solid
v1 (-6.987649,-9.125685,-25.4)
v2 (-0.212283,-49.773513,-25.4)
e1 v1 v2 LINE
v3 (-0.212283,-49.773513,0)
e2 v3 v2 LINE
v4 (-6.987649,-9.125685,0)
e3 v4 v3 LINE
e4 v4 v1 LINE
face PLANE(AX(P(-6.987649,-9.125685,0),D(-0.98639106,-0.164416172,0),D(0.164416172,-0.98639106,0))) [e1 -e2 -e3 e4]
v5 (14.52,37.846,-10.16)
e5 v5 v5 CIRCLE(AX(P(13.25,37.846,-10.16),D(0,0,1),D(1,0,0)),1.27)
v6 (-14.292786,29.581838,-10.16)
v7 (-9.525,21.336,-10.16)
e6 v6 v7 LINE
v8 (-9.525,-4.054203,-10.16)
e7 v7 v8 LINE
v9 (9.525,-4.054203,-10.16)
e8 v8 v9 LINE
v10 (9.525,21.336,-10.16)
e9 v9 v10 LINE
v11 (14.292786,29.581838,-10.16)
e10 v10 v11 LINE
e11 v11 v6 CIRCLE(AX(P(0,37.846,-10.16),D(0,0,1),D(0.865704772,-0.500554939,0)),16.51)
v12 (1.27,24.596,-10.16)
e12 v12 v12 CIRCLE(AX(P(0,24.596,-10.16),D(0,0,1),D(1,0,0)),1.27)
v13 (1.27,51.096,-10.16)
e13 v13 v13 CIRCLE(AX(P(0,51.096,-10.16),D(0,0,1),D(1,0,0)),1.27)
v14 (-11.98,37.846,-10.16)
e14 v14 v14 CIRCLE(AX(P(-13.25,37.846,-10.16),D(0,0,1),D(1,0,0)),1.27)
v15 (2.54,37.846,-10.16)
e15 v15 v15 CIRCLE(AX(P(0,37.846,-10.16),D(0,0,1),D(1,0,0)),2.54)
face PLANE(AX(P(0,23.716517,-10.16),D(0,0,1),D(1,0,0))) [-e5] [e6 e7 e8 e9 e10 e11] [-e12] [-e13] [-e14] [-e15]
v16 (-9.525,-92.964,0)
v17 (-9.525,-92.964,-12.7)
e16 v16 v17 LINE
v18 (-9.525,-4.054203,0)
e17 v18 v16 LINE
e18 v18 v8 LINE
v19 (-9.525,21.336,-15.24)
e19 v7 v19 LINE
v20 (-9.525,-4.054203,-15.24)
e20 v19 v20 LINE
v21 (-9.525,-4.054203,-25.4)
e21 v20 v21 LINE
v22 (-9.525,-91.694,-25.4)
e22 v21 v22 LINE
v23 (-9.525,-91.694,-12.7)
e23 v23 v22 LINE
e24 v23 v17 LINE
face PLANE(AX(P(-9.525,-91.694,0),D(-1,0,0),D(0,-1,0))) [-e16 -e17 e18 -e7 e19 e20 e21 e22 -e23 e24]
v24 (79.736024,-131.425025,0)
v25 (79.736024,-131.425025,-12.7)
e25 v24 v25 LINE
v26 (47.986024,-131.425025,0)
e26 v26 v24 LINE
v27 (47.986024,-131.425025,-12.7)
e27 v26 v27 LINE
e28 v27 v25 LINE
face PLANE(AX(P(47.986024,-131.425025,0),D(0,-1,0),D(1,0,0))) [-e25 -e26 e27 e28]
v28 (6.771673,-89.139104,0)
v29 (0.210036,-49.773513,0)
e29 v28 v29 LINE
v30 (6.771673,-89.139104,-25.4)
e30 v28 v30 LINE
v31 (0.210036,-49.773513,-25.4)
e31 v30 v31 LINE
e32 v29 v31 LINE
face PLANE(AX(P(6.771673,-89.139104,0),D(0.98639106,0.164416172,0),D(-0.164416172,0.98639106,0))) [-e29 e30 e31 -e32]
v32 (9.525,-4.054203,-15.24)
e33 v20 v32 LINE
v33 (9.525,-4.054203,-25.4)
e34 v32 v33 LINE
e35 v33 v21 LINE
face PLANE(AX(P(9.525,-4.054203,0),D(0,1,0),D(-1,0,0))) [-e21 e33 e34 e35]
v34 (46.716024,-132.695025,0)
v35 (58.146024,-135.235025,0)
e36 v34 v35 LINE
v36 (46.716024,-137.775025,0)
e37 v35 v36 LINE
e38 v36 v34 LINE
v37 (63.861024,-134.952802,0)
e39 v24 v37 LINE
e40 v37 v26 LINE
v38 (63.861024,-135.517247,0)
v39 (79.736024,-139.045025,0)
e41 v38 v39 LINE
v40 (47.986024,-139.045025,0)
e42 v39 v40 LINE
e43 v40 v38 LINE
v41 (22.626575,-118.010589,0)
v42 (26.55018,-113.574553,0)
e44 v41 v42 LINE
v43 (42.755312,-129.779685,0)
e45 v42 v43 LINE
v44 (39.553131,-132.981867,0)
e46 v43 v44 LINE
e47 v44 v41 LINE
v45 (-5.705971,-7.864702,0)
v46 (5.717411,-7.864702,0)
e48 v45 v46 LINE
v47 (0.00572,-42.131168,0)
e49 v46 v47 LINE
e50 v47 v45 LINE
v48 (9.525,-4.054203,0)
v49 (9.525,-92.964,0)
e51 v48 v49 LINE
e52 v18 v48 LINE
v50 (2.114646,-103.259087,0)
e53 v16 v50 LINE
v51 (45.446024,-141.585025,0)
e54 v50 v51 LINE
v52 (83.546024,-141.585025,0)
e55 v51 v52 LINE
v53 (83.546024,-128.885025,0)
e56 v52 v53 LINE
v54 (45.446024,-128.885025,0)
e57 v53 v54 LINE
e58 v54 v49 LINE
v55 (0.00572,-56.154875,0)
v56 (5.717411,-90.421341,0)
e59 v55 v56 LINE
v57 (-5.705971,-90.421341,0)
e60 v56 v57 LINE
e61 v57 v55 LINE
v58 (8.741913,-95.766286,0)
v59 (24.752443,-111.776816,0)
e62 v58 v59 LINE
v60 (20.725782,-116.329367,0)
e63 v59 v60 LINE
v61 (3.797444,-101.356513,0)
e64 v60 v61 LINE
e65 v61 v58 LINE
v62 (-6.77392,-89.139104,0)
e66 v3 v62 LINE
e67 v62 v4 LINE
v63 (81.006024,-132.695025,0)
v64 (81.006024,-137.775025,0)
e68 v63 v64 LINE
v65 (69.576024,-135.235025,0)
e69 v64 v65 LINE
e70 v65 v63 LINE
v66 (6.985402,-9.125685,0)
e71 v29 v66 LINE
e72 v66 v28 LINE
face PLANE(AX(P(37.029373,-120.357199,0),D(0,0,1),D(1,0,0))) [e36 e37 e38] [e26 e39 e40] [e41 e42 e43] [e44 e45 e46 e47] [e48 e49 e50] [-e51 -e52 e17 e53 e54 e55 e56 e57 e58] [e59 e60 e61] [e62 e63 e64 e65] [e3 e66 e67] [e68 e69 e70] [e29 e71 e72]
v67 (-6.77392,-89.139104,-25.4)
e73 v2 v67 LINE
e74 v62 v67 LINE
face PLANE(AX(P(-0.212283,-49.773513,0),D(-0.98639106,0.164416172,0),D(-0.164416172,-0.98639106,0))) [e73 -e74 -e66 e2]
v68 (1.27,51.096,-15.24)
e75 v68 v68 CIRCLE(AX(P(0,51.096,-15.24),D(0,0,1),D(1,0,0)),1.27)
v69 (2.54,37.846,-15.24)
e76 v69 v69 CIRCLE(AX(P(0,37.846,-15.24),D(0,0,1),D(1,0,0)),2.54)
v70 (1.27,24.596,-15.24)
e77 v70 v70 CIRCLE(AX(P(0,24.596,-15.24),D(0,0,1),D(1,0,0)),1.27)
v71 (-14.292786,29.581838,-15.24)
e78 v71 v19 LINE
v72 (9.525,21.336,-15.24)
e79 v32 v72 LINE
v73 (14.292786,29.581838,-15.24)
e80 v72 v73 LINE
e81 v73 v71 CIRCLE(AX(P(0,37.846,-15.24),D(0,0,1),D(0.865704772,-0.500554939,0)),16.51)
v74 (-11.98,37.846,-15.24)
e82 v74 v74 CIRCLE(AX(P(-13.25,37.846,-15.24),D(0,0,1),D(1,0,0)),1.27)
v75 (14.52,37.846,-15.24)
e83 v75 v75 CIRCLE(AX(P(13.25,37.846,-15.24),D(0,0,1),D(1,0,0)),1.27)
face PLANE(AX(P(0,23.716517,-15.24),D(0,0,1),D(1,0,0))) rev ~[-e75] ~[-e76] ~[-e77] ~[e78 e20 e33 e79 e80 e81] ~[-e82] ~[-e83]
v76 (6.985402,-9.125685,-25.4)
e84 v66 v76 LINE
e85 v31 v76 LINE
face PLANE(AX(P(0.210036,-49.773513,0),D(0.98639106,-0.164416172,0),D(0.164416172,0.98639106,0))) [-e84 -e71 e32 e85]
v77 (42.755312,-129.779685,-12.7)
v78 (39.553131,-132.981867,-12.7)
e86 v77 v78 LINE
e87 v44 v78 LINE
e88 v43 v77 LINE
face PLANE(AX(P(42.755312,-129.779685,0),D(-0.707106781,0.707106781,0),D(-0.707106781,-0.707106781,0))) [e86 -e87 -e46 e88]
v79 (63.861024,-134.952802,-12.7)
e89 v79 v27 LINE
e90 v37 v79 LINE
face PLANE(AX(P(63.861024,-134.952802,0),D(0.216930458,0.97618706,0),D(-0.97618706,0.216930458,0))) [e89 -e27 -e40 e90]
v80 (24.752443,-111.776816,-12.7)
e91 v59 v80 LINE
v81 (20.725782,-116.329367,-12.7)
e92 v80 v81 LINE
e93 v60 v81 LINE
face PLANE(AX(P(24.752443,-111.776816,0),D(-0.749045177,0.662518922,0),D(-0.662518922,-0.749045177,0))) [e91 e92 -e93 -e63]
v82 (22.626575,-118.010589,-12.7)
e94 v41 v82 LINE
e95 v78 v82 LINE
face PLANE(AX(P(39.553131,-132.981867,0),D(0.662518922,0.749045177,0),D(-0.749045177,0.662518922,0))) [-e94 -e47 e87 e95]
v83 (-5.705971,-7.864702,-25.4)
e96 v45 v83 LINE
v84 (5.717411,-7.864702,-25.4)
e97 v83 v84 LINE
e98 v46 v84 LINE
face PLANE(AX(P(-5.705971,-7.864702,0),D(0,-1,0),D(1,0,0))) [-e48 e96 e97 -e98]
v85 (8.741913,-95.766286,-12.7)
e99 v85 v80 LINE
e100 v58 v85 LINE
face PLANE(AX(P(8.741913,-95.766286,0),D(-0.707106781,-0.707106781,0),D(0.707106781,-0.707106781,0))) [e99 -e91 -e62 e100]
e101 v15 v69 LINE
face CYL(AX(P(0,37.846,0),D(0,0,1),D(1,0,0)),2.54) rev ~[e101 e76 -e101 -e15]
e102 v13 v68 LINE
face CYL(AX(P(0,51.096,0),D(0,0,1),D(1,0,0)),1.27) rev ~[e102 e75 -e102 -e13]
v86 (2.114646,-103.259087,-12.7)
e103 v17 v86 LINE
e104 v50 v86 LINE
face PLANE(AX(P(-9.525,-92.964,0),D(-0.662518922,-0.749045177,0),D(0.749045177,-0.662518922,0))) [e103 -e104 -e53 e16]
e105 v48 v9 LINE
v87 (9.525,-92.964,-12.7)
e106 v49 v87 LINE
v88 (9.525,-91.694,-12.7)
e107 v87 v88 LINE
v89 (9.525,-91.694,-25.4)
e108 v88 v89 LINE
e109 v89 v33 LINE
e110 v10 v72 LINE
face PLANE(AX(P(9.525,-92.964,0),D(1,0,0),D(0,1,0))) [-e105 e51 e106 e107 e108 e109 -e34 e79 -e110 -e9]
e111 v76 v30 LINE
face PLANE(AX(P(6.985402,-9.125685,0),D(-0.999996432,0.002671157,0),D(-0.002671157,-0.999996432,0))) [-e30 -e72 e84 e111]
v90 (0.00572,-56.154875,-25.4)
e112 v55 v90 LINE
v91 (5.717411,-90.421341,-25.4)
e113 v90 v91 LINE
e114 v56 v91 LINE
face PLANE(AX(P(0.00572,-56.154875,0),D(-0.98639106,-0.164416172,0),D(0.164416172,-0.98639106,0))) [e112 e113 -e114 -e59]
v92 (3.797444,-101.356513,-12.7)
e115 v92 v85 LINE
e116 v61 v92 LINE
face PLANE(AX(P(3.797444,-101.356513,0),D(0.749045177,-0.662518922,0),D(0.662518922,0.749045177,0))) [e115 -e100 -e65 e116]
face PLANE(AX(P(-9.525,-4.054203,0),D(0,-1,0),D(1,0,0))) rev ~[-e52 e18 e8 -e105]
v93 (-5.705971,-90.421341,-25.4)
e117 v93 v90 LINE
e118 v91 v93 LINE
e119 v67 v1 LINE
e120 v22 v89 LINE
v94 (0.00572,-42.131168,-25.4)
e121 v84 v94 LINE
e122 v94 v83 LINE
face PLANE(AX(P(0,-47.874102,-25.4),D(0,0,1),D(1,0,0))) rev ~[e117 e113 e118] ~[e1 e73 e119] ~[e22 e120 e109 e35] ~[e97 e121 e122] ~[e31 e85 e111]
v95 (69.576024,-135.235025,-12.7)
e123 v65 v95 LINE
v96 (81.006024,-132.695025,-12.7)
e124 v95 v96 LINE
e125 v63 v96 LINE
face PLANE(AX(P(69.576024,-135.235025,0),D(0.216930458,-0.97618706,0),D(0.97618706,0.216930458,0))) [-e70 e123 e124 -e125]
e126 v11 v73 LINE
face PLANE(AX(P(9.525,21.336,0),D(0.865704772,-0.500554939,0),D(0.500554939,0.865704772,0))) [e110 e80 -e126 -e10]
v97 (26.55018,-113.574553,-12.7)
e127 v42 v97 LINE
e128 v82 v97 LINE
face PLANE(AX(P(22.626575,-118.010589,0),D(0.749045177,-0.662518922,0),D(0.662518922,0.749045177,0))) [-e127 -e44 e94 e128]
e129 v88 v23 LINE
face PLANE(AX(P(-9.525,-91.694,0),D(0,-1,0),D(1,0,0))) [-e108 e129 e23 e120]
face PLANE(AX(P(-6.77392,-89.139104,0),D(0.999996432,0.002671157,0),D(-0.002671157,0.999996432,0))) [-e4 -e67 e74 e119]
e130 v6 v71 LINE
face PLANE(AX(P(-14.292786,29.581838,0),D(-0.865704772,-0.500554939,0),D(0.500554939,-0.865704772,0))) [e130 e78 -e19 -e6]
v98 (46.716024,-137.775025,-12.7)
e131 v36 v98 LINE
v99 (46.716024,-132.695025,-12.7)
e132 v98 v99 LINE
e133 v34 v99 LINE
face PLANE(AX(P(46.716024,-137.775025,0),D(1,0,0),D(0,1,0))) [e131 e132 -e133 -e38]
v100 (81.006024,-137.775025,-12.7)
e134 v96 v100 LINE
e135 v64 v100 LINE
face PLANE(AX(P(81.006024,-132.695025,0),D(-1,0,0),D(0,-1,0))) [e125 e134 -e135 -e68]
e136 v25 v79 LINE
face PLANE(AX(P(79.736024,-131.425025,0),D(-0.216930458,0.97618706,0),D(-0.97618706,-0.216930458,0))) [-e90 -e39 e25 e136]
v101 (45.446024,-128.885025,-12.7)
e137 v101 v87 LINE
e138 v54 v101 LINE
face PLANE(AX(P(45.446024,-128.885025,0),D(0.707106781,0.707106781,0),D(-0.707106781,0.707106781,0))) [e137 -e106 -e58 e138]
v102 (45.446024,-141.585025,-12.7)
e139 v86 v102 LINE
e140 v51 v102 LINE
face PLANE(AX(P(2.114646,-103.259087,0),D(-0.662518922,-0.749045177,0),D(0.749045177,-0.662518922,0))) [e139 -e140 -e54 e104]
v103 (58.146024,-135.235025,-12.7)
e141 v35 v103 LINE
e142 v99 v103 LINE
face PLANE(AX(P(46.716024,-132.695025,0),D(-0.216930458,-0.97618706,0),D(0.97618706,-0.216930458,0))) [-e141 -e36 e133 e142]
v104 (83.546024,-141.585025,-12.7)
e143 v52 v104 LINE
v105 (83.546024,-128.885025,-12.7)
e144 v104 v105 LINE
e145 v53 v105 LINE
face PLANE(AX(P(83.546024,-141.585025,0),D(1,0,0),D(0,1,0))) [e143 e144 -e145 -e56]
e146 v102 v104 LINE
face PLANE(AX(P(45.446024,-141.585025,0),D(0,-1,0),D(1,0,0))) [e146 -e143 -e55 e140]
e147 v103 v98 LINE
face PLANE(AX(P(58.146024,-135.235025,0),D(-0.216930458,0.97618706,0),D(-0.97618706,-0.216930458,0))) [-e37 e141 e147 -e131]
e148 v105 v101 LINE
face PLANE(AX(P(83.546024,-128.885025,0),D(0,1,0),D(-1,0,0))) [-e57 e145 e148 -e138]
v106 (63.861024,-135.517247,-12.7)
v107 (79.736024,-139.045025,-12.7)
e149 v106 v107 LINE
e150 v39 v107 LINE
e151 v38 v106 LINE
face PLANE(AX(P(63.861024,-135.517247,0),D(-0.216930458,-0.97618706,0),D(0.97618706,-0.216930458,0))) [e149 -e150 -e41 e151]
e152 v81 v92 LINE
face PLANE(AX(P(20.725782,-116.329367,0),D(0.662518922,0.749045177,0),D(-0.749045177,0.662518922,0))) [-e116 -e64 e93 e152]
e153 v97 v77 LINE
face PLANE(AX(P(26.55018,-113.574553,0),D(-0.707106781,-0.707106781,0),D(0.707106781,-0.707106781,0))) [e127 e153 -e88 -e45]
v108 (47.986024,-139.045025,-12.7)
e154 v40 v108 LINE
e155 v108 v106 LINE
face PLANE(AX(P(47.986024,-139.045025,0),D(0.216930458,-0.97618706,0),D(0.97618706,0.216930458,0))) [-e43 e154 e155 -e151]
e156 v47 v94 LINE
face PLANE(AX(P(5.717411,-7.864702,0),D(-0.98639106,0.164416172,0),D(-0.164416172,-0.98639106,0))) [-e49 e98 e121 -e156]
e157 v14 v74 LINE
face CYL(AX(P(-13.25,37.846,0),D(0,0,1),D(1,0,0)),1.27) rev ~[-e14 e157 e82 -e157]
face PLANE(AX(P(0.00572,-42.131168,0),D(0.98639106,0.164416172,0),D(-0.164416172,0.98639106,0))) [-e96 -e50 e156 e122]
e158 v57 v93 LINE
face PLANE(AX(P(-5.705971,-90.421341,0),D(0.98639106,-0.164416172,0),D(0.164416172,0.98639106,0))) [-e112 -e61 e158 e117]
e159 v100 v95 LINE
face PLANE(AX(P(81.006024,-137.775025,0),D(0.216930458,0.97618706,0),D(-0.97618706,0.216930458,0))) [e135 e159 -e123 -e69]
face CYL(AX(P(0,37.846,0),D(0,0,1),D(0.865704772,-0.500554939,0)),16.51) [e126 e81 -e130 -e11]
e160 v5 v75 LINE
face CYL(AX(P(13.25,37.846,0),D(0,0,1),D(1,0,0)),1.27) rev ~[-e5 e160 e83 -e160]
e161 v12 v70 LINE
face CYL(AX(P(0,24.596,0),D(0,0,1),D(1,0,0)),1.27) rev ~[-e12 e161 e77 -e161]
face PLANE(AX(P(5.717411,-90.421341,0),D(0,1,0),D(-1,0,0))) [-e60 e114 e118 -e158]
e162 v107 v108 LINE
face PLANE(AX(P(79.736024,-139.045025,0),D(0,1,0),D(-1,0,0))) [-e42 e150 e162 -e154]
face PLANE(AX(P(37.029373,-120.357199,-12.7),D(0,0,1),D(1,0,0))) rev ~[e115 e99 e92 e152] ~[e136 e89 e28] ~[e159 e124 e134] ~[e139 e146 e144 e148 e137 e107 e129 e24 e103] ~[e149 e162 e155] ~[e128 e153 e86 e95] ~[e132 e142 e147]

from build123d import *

# Parameters (mm, degrees)
F1_DEPTH = 25.4
F0_R     = 1.27
F0_R_2   = 2.54
F2_DEPTH = 15.24
F3_DEPTH = 10.16
F4_DEPTH = 12.7


with BuildPart() as f1:
    # F0 (on Top) → F1 (new body)
    with BuildSketch(Plane.XY):
        Polygon((-9.525, -91.6940000873), (9.525, -91.6940000873), (9.525, -4.0542031638), (-9.525, -4.0542031638), (-9.525, -6.5866475925), (-9.525, -7.8647015616), align=None)
        Polygon((5.7174111716, -90.4213413596), (-5.7059712708, -90.4213413596), (0.0057199504, -56.1548753595), align=None, mode=Mode.SUBTRACT)
        Polygon((-6.9876490161, -9.1256853193), (-0.2122831974, -49.7735133395), (-6.7739198121, -89.1391038895), align=None, mode=Mode.SUBTRACT)
        Polygon((0.210035916, -49.7735133395), (6.9854017347, -9.1256853193), (6.7716725307, -89.1391038895), align=None, mode=Mode.SUBTRACT)
        Polygon((-5.7059712708, -7.8647015616), (5.7174111716, -7.8647015616), (0.0057199504, -42.1311675618), align=None, mode=Mode.SUBTRACT)
    extrude(amount=-F1_DEPTH)

    # F0 (on Top) → F2 (join)
    with BuildSketch(Plane.XY):
        with BuildLine():
            Line((-9.525, -4.0542031638), (9.525, -4.0542031638))
            Line((9.525, -4.0542031638), (9.525, 21.3359999127))
            Line((9.525, 21.3359999127), (14.2927857936, 29.5818378705))
            ThreePointArc((14.2927857936, 29.5818378705), (0, 54.3559999127), (-14.2927857936, 29.5818378705))
            Line((-14.2927857936, 29.5818378705), (-9.525, 21.3359999127))
            Line((-9.525, 21.3359999127), (-9.525, 2.7279353235))
            Line((-9.525, 2.7279353235), (-9.525, -4.0542031638))
        make_face()
        with Locations((0, 24.5959999127)):
            Circle(F0_R, mode=Mode.SUBTRACT)
        with Locations((-13.25, 37.8459999127)):
            Circle(F0_R, mode=Mode.SUBTRACT)
        with Locations((0, 37.8459999127)):
            Circle(F0_R_2, mode=Mode.SUBTRACT)
        with Locations((0, 51.0959999127)):
            Circle(F0_R, mode=Mode.SUBTRACT)
        with Locations((13.25, 37.8459999127)):
            Circle(F0_R, mode=Mode.SUBTRACT)
    extrude(amount=-F2_DEPTH)

    # F0 (on Top) → F3 (cut)
    with BuildSketch(Plane.XY):
        with BuildLine():
            Line((-9.525, -4.0542031638), (9.525, -4.0542031638))
            Line((9.525, -4.0542031638), (9.525, 21.3359999127))
            Line((9.525, 21.3359999127), (14.2927857936, 29.5818378705))
            ThreePointArc((14.2927857936, 29.5818378705), (0, 54.3559999127), (-14.2927857936, 29.5818378705))
            Line((-14.2927857936, 29.5818378705), (-9.525, 21.3359999127))
            Line((-9.525, 21.3359999127), (-9.525, 2.7279353235))
            Line((-9.525, 2.7279353235), (-9.525, -4.0542031638))
        make_face()
        with Locations((0, 24.5959999127)):
            Circle(F0_R, mode=Mode.SUBTRACT)
        with Locations((-13.25, 37.8459999127)):
            Circle(F0_R, mode=Mode.SUBTRACT)
        with Locations((0, 37.8459999127)):
            Circle(F0_R_2, mode=Mode.SUBTRACT)
        with Locations((0, 51.0959999127)):
            Circle(F0_R, mode=Mode.SUBTRACT)
        with Locations((13.25, 37.8459999127)):
            Circle(F0_R, mode=Mode.SUBTRACT)
    extrude(amount=-F3_DEPTH, mode=Mode.SUBTRACT)

    # F0 (on Top) → F4 (join)
    with BuildSketch(Plane.XY):
        Polygon((44.5479988722, -127.9869989595), (9.525, -92.9640000873), (9.525, -91.6940000873), (-9.525, -91.6940000873), (-9.525, -92.9640000873), (1.1633583069, -102.417688386), (2.114645682, -103.2590874174), (45.4460244843, -141.5850245716), (46.7160244843, -141.5850245716), (81.0060244843, -141.5850245716), (83.5460244843, -141.5850245716), (83.5460244843, -139.0450245716), (83.5460244843, -131.4250245716), (83.5460244843, -128.8850245716), (45.4460244843, -128.8850245716), align=None)
        Polygon((26.5501800765, -113.5745529767), (42.7553124657, -129.7796853659), (39.5531307355, -132.9818670961), (22.6265746152, -118.0105889131), align=None, mode=Mode.SUBTRACT)
        Polygon((3.7974437448, -101.3565126673), (8.741913116, -95.7662860163), (24.7524432855, -111.7768161858), (20.7257820574, -116.3293671719), align=None, mode=Mode.SUBTRACT)
        Polygon((46.7160244843, -132.6950245716), (58.1460244843, -135.2350245716), (46.7160244843, -137.7750245716), align=None, mode=Mode.SUBTRACT)
        Polygon((79.7360244843, -139.0450245716), (47.9860244843, -139.0450245716), (63.8610244843, -135.5172467938), align=None, mode=Mode.SUBTRACT)
        Polygon((47.9860244843, -131.4250245716), (79.7360244843, -131.4250245716), (63.8610244843, -134.9528023494), align=None, mode=Mode.SUBTRACT)
        Polygon((81.0060244843, -132.6950245716), (81.0060244843, -137.7750245716), (69.5760244843, -135.2350245716), align=None, mode=Mode.SUBTRACT)
    extrude(amount=-F4_DEPTH)


solid = f1.part
